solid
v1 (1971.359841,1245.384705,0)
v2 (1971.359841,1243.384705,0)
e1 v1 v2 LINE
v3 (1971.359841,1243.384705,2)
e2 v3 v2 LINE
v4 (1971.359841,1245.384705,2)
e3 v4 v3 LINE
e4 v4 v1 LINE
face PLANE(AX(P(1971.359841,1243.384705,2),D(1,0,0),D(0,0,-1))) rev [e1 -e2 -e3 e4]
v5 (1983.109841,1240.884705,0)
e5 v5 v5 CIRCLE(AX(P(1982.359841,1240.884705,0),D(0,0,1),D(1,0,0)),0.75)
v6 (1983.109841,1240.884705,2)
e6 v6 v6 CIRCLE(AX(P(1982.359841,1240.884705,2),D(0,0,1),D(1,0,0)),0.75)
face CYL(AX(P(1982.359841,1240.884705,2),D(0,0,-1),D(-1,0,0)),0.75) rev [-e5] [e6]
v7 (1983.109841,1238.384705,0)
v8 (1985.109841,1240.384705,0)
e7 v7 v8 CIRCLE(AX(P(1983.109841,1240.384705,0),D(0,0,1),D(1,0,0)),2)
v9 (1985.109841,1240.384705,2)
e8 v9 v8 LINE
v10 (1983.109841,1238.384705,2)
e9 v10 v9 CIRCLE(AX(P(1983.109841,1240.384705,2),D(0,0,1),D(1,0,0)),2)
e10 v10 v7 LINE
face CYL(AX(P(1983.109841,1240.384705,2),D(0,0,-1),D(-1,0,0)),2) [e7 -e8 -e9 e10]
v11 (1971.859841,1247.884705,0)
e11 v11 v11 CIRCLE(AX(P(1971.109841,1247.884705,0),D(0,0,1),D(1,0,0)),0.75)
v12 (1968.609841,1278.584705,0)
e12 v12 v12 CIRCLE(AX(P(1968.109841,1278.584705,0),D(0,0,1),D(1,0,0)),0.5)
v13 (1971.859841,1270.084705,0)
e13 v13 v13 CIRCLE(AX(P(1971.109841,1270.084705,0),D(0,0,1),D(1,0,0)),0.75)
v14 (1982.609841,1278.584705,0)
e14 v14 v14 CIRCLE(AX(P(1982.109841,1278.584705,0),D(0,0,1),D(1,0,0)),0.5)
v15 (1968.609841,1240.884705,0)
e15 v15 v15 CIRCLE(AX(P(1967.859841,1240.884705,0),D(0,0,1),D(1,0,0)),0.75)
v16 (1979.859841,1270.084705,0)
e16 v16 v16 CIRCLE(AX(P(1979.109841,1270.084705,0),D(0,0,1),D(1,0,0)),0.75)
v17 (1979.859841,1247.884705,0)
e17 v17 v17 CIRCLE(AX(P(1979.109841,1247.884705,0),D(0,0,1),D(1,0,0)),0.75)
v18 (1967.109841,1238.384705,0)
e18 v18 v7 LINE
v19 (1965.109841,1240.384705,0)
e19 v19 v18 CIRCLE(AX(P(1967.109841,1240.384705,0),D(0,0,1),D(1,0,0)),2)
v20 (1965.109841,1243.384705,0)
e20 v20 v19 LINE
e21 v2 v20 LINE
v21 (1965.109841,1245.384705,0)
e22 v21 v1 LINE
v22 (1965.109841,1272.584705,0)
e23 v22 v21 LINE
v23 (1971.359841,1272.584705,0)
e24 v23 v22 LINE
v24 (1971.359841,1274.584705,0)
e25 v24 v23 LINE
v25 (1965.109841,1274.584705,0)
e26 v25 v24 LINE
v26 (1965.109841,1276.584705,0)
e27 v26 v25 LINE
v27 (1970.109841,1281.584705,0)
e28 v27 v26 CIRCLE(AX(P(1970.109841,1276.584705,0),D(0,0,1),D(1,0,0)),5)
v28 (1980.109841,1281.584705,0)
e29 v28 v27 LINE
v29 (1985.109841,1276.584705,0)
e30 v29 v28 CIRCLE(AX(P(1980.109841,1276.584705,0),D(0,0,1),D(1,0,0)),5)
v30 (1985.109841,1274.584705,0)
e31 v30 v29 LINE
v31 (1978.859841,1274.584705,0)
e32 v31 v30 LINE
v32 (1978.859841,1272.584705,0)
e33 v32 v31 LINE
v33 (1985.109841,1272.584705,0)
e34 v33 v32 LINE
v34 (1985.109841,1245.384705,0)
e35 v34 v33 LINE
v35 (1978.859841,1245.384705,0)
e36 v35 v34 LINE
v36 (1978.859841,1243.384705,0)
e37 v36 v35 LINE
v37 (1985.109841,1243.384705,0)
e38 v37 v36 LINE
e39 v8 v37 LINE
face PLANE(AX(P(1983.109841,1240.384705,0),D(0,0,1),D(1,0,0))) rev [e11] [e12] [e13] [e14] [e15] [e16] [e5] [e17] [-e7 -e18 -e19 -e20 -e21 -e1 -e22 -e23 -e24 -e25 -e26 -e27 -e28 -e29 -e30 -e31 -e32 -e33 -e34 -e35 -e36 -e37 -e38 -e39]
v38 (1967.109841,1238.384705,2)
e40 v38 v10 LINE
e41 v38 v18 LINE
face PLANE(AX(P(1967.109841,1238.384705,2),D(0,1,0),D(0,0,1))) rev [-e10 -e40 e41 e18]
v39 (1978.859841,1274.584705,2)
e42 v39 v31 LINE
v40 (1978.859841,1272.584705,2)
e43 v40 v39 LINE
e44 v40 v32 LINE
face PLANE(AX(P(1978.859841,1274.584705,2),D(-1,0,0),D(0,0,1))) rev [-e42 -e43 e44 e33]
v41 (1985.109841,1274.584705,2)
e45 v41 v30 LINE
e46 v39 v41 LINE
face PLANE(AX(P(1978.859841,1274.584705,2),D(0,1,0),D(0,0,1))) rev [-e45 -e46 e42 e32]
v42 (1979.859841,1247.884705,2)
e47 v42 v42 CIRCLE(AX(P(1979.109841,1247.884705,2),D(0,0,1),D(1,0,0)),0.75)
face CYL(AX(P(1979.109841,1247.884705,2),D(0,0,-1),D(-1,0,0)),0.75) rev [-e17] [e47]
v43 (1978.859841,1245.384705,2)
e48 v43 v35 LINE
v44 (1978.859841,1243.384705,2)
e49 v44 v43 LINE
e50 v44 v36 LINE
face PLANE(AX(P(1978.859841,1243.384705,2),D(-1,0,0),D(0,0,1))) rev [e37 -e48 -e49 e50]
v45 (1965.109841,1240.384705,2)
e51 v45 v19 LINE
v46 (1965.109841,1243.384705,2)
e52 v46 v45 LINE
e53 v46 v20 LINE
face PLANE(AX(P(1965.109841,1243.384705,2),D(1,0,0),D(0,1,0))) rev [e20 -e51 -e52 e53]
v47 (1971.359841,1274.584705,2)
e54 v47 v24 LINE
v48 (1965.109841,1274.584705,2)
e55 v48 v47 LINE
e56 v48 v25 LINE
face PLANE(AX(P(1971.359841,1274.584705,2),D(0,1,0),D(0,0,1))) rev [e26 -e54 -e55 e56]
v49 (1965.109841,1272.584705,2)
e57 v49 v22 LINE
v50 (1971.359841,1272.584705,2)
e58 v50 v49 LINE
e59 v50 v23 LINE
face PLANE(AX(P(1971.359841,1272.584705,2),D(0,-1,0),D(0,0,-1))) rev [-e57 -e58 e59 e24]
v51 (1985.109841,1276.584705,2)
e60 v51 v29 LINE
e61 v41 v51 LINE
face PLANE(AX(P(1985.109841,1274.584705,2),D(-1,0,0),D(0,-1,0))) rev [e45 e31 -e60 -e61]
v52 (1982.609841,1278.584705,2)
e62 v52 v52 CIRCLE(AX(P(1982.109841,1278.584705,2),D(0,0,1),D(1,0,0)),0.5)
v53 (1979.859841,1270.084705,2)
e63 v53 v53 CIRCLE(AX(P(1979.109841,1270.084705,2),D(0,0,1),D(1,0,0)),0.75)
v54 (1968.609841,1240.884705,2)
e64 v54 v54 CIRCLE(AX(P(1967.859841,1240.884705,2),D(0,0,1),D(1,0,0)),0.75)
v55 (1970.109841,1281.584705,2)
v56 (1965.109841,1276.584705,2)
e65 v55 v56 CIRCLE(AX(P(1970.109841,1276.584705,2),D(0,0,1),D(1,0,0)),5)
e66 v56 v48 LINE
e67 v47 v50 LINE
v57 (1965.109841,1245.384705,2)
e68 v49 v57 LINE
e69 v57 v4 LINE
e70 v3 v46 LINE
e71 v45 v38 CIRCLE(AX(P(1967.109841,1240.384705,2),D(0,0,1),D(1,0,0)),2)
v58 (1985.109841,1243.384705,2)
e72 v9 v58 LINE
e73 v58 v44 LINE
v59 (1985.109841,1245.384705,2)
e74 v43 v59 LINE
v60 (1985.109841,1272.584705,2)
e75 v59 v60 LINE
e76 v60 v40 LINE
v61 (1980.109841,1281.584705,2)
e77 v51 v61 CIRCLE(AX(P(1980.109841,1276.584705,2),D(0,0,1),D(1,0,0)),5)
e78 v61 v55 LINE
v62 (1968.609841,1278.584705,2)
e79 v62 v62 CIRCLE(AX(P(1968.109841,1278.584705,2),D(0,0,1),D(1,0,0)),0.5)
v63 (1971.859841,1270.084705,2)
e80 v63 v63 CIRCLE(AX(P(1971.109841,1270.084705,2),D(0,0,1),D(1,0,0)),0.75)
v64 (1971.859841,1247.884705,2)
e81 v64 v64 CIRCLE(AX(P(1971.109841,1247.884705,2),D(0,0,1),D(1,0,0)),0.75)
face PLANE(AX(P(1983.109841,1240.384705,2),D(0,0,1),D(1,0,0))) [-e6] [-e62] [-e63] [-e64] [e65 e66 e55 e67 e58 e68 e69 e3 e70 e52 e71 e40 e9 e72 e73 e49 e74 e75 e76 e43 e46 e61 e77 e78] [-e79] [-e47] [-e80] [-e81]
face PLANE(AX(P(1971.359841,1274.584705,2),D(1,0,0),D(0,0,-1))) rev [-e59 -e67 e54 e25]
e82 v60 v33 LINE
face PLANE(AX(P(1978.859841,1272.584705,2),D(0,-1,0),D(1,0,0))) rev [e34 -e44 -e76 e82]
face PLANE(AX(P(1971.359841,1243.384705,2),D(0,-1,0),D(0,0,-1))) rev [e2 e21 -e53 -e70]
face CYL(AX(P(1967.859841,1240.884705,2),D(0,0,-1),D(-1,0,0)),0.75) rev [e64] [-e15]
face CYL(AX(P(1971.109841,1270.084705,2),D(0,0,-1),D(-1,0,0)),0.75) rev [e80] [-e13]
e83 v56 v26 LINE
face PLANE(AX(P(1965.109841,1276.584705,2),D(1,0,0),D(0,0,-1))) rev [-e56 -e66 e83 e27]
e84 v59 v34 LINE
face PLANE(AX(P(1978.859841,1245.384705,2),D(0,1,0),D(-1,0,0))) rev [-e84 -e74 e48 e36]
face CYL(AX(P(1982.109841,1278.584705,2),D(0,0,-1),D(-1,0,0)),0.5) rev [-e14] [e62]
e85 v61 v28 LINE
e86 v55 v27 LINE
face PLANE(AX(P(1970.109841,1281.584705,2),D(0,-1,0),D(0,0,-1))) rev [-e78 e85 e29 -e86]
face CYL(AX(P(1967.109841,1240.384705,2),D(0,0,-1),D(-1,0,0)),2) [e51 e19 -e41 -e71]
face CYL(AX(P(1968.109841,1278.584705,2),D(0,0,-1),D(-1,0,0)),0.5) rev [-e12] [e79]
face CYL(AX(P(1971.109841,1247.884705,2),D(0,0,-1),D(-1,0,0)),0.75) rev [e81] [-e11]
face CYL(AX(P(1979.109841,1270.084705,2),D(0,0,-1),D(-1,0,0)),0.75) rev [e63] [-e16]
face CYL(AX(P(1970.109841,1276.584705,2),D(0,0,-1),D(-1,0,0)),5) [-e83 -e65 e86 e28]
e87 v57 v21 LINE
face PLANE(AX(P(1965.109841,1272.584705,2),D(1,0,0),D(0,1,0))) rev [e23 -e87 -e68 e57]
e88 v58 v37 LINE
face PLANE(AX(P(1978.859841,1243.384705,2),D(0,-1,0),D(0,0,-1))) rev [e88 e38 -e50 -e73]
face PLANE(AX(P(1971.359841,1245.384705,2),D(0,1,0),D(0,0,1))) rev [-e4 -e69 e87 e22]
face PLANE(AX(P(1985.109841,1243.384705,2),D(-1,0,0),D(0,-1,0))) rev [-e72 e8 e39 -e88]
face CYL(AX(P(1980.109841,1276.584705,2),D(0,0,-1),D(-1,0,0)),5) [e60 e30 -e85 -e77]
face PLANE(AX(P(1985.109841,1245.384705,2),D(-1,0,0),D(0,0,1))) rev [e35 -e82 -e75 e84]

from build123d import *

# Parameters (mm, degrees)
MODEL_R             = 0.5
MODEL_R_2           = 0.75
BOSS_EXTRUDE1_DEPTH = 2


with BuildPart() as part:
    # Model → Boss-Extrude1 (new body)
    with BuildSketch(Plane.XY):
        with BuildLine():
            Line((1967.109841287, 1238.384705077), (1983.109841287, 1238.384705077))
            ThreePointArc((1983.109841287, 1238.384705077), (1984.524054849, 1238.970491514), (1985.109841287, 1240.384705077))
            Line((1985.109841287, 1240.384705077), (1985.109841287, 1243.384705077))
            Line((1985.109841287, 1243.384705077), (1978.859841287, 1243.384705077))
            Line((1978.859841287, 1243.384705077), (1978.859841287, 1245.384705077))
            Line((1978.859841287, 1245.384705077), (1985.109841287, 1245.384705077))
            Line((1985.109841287, 1245.384705077), (1985.109841287, 1272.584705077))
            Line((1985.109841287, 1272.584705077), (1978.859841287, 1272.584705077))
            Line((1978.859841287, 1272.584705077), (1978.859841287, 1274.584705077))
            Line((1978.859841287, 1274.584705077), (1985.109841287, 1274.584705077))
            Line((1985.109841287, 1274.584705077), (1985.109841287, 1276.584705077))
            ThreePointArc((1985.109841287, 1276.584705077), (1983.645375192, 1280.120238983), (1980.109841287, 1281.584705077))
            Line((1980.109841287, 1281.584705077), (1970.109841287, 1281.584705077))
            ThreePointArc((1970.109841287, 1281.584705077), (1966.574307381, 1280.120238983), (1965.109841287, 1276.584705077))
            Line((1965.109841287, 1276.584705077), (1965.109841287, 1274.584705077))
            Line((1965.109841287, 1274.584705077), (1971.359841287, 1274.584705077))
            Line((1971.359841287, 1274.584705077), (1971.359841287, 1272.584705077))
            Line((1971.359841287, 1272.584705077), (1965.109841287, 1272.584705077))
            Line((1965.109841287, 1272.584705077), (1965.109841287, 1245.384705077))
            Line((1965.109841287, 1245.384705077), (1971.359841287, 1245.384705077))
            Line((1971.359841287, 1245.384705077), (1971.359841287, 1243.384705077))
            Line((1971.359841287, 1243.384705077), (1965.109841287, 1243.384705077))
            Line((1965.109841287, 1243.384705077), (1965.109841287, 1240.384705077))
            ThreePointArc((1965.109841287, 1240.384705077), (1965.695627724, 1238.970491514), (1967.109841287, 1238.384705077))
        make_face()
        with Locations((1968.109841287, 1278.584705077)):
            Circle(MODEL_R, mode=Mode.SUBTRACT)
        with Locations((1982.109841287, 1278.584705077)):
            Circle(MODEL_R, mode=Mode.SUBTRACT)
        with Locations((1979.109841287, 1247.884705077)):
            Circle(MODEL_R_2, mode=Mode.SUBTRACT)
        with Locations((1971.109841287, 1247.884705077)):
            Circle(MODEL_R_2, mode=Mode.SUBTRACT)
        with Locations((1979.109841287, 1270.084705077)):
            Circle(MODEL_R_2, mode=Mode.SUBTRACT)
        with Locations((1971.109841287, 1270.084705077)):
            Circle(MODEL_R_2, mode=Mode.SUBTRACT)
        with Locations((1982.359841287, 1240.884705077)):
            Circle(MODEL_R_2, mode=Mode.SUBTRACT)
        with Locations((1967.859841287, 1240.884705077)):
            Circle(MODEL_R_2, mode=Mode.SUBTRACT)
    extrude(amount=BOSS_EXTRUDE1_DEPTH)


solid = part.part
